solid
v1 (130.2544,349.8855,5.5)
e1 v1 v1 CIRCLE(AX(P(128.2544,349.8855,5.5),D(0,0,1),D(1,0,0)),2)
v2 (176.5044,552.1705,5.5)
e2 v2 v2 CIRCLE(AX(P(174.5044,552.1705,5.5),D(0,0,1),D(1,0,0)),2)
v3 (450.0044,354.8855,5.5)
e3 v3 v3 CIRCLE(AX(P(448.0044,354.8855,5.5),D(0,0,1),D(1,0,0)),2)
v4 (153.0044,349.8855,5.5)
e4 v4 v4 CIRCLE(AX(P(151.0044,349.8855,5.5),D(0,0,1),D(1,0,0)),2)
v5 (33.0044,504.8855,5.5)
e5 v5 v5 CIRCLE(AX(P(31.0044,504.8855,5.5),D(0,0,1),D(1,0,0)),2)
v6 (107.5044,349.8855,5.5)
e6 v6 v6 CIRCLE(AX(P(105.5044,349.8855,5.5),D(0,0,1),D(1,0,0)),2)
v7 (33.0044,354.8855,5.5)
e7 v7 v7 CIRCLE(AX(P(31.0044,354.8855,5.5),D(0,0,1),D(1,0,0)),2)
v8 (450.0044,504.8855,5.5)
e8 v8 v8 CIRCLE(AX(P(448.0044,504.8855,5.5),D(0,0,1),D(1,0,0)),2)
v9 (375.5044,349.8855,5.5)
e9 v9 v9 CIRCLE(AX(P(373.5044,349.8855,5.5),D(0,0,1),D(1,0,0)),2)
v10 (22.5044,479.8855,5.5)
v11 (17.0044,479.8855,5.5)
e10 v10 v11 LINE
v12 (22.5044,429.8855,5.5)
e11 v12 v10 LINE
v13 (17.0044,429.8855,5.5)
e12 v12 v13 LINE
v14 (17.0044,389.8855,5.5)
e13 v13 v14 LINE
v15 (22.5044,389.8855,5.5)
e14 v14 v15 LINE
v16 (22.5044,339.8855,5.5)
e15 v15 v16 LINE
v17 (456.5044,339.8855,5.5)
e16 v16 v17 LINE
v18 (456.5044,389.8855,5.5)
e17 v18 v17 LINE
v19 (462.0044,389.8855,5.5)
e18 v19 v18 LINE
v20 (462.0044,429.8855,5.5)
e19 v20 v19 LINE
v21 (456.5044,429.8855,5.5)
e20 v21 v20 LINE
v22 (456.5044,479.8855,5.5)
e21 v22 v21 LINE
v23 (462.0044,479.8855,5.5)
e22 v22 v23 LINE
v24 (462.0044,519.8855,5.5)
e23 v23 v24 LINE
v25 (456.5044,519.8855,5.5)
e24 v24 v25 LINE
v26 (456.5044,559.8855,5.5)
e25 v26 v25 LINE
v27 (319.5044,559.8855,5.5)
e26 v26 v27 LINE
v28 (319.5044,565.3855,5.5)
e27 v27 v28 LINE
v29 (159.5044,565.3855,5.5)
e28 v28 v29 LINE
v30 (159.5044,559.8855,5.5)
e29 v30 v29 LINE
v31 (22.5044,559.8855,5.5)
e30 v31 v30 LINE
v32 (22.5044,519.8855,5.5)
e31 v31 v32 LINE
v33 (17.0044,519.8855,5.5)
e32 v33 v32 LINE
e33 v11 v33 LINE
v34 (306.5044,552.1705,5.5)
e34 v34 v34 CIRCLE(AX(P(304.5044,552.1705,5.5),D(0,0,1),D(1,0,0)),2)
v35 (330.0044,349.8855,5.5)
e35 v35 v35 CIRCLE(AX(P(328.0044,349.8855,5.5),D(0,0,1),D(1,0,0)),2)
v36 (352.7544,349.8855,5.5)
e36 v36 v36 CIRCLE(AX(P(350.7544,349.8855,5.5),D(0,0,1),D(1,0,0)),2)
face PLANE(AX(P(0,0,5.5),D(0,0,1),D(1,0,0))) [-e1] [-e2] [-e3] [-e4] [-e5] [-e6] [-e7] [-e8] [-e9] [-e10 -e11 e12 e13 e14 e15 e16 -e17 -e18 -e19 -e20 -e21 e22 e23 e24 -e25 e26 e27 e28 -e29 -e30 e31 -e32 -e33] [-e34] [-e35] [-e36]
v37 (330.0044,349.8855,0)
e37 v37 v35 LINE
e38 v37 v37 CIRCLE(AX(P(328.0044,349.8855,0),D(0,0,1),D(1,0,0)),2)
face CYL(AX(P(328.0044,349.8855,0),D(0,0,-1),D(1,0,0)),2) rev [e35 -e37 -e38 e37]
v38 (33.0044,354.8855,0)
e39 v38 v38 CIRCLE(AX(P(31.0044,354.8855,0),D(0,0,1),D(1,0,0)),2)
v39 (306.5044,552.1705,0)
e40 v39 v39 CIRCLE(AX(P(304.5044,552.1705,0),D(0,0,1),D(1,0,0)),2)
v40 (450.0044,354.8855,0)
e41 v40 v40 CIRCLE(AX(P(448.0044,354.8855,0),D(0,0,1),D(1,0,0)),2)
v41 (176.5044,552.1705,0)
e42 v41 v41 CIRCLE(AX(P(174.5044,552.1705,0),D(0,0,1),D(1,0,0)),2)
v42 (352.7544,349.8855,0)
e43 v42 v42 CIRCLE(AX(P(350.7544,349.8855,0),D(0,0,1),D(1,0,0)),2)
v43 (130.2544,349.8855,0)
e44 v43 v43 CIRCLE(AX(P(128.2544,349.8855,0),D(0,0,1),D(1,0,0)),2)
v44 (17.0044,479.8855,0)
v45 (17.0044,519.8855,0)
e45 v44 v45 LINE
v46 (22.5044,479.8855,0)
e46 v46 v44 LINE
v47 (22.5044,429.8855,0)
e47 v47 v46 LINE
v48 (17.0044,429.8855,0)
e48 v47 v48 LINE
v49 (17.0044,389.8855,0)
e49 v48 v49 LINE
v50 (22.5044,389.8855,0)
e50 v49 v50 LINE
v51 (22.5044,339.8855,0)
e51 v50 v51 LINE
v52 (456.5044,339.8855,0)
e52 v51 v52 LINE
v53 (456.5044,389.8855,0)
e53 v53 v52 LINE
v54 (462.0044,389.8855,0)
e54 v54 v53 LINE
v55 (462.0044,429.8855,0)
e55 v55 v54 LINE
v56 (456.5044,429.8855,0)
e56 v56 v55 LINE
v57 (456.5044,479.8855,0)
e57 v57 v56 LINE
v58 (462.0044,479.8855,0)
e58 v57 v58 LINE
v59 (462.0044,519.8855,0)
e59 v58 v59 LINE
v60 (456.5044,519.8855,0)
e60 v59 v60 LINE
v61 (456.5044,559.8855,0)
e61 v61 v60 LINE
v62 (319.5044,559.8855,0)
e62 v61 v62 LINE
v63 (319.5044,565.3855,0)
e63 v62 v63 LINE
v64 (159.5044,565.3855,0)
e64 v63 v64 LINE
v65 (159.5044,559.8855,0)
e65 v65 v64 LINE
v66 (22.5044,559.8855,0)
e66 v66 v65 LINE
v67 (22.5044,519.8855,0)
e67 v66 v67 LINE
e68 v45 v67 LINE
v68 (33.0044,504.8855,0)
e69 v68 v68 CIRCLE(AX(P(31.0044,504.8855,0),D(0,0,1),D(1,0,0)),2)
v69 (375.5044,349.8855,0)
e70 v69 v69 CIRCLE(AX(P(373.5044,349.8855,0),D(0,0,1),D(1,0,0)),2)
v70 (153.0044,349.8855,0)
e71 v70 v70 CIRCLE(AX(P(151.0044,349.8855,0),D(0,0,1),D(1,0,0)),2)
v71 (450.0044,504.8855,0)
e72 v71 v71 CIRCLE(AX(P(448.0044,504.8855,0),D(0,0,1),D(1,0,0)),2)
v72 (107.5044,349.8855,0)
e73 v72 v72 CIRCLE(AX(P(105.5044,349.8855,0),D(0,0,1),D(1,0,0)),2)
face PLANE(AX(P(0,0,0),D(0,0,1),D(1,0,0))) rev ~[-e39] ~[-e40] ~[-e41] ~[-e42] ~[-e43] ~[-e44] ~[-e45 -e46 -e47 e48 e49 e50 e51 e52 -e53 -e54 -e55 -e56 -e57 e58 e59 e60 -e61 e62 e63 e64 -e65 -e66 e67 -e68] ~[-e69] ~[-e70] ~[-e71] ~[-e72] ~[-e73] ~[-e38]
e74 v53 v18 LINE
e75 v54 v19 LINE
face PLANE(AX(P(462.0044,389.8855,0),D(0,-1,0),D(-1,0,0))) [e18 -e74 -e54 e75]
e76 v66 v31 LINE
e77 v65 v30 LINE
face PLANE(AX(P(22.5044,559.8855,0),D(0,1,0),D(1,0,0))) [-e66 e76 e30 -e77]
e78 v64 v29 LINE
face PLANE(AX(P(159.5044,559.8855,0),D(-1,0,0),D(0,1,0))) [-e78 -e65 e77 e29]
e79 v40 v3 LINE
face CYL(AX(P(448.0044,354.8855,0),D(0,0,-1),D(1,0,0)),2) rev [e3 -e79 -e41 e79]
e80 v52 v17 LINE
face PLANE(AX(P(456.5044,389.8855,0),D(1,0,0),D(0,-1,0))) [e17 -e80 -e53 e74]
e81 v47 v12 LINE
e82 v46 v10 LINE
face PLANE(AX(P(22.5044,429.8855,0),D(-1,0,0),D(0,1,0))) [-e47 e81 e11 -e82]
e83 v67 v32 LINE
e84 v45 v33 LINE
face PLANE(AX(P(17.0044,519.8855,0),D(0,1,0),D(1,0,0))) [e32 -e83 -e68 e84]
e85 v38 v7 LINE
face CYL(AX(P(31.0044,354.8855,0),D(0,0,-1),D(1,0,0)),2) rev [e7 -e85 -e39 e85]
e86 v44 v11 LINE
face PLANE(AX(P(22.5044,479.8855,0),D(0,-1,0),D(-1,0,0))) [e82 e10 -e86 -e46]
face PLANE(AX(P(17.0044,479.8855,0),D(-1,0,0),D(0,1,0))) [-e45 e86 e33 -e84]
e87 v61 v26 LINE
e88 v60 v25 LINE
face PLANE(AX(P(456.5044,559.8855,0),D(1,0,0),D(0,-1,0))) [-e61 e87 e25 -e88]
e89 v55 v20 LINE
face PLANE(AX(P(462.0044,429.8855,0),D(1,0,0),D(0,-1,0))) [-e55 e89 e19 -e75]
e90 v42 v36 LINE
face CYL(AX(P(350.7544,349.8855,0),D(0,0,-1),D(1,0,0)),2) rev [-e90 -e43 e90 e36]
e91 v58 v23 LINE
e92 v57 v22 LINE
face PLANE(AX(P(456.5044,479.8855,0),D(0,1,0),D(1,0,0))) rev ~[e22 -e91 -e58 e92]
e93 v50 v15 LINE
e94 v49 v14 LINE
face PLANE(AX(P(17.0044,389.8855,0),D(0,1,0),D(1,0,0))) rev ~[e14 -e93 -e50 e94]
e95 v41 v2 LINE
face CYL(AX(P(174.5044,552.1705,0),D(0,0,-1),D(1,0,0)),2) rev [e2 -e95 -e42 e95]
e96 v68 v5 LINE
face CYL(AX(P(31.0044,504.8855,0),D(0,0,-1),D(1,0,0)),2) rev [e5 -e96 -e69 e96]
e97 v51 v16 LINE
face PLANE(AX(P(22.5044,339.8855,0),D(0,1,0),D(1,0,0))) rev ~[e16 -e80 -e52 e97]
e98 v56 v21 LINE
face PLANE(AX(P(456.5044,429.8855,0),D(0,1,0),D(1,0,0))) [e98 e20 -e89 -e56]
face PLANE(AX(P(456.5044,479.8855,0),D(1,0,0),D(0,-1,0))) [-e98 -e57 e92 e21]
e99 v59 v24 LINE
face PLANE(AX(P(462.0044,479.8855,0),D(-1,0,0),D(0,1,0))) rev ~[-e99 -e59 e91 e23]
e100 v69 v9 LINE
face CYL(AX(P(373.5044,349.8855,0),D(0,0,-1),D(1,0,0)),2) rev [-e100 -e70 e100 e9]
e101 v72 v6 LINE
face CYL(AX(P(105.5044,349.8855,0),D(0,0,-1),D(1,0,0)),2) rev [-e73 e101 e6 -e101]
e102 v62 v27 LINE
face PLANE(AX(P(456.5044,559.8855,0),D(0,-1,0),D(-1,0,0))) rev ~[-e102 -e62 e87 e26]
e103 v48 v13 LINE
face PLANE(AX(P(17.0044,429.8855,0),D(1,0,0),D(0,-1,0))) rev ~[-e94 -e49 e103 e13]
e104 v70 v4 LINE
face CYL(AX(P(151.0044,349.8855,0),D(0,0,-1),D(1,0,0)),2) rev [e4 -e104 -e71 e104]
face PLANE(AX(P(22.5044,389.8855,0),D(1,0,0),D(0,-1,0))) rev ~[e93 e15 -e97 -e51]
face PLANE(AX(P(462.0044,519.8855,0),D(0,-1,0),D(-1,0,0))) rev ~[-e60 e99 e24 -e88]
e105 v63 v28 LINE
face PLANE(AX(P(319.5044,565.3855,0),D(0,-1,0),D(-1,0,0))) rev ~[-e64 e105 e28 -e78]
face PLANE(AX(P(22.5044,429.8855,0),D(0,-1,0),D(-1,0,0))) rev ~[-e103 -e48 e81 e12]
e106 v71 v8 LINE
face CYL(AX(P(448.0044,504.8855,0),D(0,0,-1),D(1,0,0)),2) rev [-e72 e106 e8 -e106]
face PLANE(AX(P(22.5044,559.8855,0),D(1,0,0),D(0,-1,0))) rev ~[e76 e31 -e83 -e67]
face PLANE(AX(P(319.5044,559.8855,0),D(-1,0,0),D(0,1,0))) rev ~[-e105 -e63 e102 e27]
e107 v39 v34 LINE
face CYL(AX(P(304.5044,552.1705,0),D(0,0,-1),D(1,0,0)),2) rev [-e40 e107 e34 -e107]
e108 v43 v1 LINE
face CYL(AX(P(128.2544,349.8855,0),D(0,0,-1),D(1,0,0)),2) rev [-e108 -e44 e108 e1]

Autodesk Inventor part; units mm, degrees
ref_plane "YZ Plane" through (0, 0, 0) normal (1, 0, 0) x (0, 1, 0)
ref_plane "XZ Plane" through (0, 0, 0) normal (0, 1, 0) x (-1, 0, 0)
ref_plane "XY Plane" through (0, 0, 0) normal (0, 0, 1) x (1, 0, 0)
sketch "Sketch1" plane through (0, 0, 0) normal (0, 0, 1) x (1, 0, 0)
  line L0 (456.5044, 429.8855) -> (462.0044, 429.8855)
  line L1 (462.0044, 429.8855) -> (462.0044, 389.8855)
  line L2 (462.0044, 389.8855) -> (456.5044, 389.8855)
  line L3 (456.5044, 389.8855) -> (456.5044, 339.8855)
  line L4 (456.5044, 339.8855) -> (462.0044, 339.8855)
  line L5 (462.0044, 339.8855) -> (462.0044, 339.8855)
  line L6 (22.5044, 429.8855) -> (17.0044, 429.8855)
  line L7 (17.0044, 429.8855) -> (17.0044, 389.8855)
  line L8 (17.0044, 389.8855) -> (22.5044, 389.8855)
  line L9 (22.5044, 389.8855) -> (22.5044, 339.8855)
  line L10 (22.5044, 339.8855) -> (17.0044, 339.8855)
  line L11 (17.0044, 339.8855) -> (17.0044, 339.8855)
  line L12 (17.0044, 339.8855) -> (462.0044, 339.8855)
  line L13 (22.5044, 559.8855) -> (159.5044, 559.8855)
  line L14 (159.5044, 559.8855) -> (159.5044, 565.3855)
  line L15 (456.5044, 559.8855) -> (319.5044, 559.8855)
  line L16 (319.5044, 559.8855) -> (319.5044, 565.3855)
  line L17 (319.5044, 565.3855) -> (159.5044, 565.3855)
  circle A0 centre (174.5044, 552.1705) radius 2
  circle A1 centre (304.5044, 552.1705) radius 2
  line L18 (22.5044, 429.8855) -> (22.5044, 479.8855)
  line L19 (22.5044, 479.8855) -> (17.0044, 479.8855)
  line L20 (17.0044, 479.8855) -> (17.0044, 519.8855)
  line L21 (17.0044, 519.8855) -> (22.5044, 519.8855)
  line L22 (22.5044, 559.8855) -> (22.5044, 519.8855)
  line L23 (22.5044, 479.8855) -> (22.5044, 429.8855)
  line L24 (456.5044, 479.8855) -> (462.0044, 479.8855)
  line L25 (462.0044, 479.8855) -> (462.0044, 519.8855)
  line L26 (462.0044, 519.8855) -> (456.5044, 519.8855)
  line L27 (456.5044, 559.8855) -> (456.5044, 519.8855)
  line L28 (456.5044, 479.8855) -> (456.5044, 429.8855)
  circle A2 centre (105.5044, 349.8855) radius 2
  circle A3 centre (151.0044, 349.8855) radius 2
  circle A4 centre (128.2544, 349.8855) radius 2
  circle A5 centre (328.0044, 349.8855) radius 2
  circle A6 centre (350.7544, 349.8855) radius 2
  circle A7 centre (373.5044, 349.8855) radius 2
  circle A8 centre (31.0044, 504.8855) radius 2
  circle A9 centre (31.0044, 354.8855) radius 2
  circle A10 centre (448.0044, 504.8855) radius 2
  circle A11 centre (448.0044, 354.8855) radius 2
  dimension "d105" = 50
  dimension "d148" = 445
  dimension "d196" = 137
  dimension "d197" = 137
  dimension "d199" = 4
  dimension "d200" = 4
  dimension "d203" = 7.715
  dimension "d204" = 7.715
  dimension "d207" = 5.5
  dimension "d209" = 5.5
  dimension "d211" = 5.5
  dimension "d214" = 4
  dimension "d215" = 4
  dimension "d216" = 4
  dimension "d217" = 4
  dimension "d218" = 4
  dimension "d219" = 4
  dimension "d221" = 22.75
  dimension "d222" = 22.75
  dimension "d224" = 22.75
  dimension "d225" = 22.75
  dimension "d226" = 4
  dimension "d227" = 4
  dimension "d234" = 90
  dimension "d235" = 90
  dimension "d236" = 90
  dimension "d238" = 55
  dimension "d244" = 160
  dimension "d245" = 5.5
  dimension "d246" = 5.5
  dimension "d247" = 5.5
  dimension "d248" = 5.5
  dimension "d249" = 5.5
  dimension "d250" = 5.5
  dimension "d251" = 8.5
  dimension "d252" = 8.5
  dimension "d253" = 150
  dimension "d254" = 152
  dimension "d255" = 152
  dimension "d256" = 55
  dimension "d257" = 8.5
  dimension "d258" = 4
  dimension "d259" = 8.5
  dimension "d260" = 150
  dimension "d261" = 10
  dimension "d262" = 10
  dimension "d263" = 10
  dimension "d264" = 10
  dimension "d265" = 10
  dimension "d266" = 10
  dimension "d269" = 40
  dimension "d270" = 40
  dimension "d271" = 40
  dimension "d272" = 50
  dimension "d273" = 40
  dimension "d274" = 40
  dimension "d275" = 50
  dimension "d276" = 40
  dimension "d277" = 50
  dimension "d280" = 0
  dimension "d281" = 0
  dimension "d282" = 0
  dimension "d283" = 90
  dimension "d284" = 90
extrude "Extrusion1" add sketch "Sketch1" along normal blind 5.5
properties part number "Techo Carcasa" material "MDF Medium Density Fiberboard"
